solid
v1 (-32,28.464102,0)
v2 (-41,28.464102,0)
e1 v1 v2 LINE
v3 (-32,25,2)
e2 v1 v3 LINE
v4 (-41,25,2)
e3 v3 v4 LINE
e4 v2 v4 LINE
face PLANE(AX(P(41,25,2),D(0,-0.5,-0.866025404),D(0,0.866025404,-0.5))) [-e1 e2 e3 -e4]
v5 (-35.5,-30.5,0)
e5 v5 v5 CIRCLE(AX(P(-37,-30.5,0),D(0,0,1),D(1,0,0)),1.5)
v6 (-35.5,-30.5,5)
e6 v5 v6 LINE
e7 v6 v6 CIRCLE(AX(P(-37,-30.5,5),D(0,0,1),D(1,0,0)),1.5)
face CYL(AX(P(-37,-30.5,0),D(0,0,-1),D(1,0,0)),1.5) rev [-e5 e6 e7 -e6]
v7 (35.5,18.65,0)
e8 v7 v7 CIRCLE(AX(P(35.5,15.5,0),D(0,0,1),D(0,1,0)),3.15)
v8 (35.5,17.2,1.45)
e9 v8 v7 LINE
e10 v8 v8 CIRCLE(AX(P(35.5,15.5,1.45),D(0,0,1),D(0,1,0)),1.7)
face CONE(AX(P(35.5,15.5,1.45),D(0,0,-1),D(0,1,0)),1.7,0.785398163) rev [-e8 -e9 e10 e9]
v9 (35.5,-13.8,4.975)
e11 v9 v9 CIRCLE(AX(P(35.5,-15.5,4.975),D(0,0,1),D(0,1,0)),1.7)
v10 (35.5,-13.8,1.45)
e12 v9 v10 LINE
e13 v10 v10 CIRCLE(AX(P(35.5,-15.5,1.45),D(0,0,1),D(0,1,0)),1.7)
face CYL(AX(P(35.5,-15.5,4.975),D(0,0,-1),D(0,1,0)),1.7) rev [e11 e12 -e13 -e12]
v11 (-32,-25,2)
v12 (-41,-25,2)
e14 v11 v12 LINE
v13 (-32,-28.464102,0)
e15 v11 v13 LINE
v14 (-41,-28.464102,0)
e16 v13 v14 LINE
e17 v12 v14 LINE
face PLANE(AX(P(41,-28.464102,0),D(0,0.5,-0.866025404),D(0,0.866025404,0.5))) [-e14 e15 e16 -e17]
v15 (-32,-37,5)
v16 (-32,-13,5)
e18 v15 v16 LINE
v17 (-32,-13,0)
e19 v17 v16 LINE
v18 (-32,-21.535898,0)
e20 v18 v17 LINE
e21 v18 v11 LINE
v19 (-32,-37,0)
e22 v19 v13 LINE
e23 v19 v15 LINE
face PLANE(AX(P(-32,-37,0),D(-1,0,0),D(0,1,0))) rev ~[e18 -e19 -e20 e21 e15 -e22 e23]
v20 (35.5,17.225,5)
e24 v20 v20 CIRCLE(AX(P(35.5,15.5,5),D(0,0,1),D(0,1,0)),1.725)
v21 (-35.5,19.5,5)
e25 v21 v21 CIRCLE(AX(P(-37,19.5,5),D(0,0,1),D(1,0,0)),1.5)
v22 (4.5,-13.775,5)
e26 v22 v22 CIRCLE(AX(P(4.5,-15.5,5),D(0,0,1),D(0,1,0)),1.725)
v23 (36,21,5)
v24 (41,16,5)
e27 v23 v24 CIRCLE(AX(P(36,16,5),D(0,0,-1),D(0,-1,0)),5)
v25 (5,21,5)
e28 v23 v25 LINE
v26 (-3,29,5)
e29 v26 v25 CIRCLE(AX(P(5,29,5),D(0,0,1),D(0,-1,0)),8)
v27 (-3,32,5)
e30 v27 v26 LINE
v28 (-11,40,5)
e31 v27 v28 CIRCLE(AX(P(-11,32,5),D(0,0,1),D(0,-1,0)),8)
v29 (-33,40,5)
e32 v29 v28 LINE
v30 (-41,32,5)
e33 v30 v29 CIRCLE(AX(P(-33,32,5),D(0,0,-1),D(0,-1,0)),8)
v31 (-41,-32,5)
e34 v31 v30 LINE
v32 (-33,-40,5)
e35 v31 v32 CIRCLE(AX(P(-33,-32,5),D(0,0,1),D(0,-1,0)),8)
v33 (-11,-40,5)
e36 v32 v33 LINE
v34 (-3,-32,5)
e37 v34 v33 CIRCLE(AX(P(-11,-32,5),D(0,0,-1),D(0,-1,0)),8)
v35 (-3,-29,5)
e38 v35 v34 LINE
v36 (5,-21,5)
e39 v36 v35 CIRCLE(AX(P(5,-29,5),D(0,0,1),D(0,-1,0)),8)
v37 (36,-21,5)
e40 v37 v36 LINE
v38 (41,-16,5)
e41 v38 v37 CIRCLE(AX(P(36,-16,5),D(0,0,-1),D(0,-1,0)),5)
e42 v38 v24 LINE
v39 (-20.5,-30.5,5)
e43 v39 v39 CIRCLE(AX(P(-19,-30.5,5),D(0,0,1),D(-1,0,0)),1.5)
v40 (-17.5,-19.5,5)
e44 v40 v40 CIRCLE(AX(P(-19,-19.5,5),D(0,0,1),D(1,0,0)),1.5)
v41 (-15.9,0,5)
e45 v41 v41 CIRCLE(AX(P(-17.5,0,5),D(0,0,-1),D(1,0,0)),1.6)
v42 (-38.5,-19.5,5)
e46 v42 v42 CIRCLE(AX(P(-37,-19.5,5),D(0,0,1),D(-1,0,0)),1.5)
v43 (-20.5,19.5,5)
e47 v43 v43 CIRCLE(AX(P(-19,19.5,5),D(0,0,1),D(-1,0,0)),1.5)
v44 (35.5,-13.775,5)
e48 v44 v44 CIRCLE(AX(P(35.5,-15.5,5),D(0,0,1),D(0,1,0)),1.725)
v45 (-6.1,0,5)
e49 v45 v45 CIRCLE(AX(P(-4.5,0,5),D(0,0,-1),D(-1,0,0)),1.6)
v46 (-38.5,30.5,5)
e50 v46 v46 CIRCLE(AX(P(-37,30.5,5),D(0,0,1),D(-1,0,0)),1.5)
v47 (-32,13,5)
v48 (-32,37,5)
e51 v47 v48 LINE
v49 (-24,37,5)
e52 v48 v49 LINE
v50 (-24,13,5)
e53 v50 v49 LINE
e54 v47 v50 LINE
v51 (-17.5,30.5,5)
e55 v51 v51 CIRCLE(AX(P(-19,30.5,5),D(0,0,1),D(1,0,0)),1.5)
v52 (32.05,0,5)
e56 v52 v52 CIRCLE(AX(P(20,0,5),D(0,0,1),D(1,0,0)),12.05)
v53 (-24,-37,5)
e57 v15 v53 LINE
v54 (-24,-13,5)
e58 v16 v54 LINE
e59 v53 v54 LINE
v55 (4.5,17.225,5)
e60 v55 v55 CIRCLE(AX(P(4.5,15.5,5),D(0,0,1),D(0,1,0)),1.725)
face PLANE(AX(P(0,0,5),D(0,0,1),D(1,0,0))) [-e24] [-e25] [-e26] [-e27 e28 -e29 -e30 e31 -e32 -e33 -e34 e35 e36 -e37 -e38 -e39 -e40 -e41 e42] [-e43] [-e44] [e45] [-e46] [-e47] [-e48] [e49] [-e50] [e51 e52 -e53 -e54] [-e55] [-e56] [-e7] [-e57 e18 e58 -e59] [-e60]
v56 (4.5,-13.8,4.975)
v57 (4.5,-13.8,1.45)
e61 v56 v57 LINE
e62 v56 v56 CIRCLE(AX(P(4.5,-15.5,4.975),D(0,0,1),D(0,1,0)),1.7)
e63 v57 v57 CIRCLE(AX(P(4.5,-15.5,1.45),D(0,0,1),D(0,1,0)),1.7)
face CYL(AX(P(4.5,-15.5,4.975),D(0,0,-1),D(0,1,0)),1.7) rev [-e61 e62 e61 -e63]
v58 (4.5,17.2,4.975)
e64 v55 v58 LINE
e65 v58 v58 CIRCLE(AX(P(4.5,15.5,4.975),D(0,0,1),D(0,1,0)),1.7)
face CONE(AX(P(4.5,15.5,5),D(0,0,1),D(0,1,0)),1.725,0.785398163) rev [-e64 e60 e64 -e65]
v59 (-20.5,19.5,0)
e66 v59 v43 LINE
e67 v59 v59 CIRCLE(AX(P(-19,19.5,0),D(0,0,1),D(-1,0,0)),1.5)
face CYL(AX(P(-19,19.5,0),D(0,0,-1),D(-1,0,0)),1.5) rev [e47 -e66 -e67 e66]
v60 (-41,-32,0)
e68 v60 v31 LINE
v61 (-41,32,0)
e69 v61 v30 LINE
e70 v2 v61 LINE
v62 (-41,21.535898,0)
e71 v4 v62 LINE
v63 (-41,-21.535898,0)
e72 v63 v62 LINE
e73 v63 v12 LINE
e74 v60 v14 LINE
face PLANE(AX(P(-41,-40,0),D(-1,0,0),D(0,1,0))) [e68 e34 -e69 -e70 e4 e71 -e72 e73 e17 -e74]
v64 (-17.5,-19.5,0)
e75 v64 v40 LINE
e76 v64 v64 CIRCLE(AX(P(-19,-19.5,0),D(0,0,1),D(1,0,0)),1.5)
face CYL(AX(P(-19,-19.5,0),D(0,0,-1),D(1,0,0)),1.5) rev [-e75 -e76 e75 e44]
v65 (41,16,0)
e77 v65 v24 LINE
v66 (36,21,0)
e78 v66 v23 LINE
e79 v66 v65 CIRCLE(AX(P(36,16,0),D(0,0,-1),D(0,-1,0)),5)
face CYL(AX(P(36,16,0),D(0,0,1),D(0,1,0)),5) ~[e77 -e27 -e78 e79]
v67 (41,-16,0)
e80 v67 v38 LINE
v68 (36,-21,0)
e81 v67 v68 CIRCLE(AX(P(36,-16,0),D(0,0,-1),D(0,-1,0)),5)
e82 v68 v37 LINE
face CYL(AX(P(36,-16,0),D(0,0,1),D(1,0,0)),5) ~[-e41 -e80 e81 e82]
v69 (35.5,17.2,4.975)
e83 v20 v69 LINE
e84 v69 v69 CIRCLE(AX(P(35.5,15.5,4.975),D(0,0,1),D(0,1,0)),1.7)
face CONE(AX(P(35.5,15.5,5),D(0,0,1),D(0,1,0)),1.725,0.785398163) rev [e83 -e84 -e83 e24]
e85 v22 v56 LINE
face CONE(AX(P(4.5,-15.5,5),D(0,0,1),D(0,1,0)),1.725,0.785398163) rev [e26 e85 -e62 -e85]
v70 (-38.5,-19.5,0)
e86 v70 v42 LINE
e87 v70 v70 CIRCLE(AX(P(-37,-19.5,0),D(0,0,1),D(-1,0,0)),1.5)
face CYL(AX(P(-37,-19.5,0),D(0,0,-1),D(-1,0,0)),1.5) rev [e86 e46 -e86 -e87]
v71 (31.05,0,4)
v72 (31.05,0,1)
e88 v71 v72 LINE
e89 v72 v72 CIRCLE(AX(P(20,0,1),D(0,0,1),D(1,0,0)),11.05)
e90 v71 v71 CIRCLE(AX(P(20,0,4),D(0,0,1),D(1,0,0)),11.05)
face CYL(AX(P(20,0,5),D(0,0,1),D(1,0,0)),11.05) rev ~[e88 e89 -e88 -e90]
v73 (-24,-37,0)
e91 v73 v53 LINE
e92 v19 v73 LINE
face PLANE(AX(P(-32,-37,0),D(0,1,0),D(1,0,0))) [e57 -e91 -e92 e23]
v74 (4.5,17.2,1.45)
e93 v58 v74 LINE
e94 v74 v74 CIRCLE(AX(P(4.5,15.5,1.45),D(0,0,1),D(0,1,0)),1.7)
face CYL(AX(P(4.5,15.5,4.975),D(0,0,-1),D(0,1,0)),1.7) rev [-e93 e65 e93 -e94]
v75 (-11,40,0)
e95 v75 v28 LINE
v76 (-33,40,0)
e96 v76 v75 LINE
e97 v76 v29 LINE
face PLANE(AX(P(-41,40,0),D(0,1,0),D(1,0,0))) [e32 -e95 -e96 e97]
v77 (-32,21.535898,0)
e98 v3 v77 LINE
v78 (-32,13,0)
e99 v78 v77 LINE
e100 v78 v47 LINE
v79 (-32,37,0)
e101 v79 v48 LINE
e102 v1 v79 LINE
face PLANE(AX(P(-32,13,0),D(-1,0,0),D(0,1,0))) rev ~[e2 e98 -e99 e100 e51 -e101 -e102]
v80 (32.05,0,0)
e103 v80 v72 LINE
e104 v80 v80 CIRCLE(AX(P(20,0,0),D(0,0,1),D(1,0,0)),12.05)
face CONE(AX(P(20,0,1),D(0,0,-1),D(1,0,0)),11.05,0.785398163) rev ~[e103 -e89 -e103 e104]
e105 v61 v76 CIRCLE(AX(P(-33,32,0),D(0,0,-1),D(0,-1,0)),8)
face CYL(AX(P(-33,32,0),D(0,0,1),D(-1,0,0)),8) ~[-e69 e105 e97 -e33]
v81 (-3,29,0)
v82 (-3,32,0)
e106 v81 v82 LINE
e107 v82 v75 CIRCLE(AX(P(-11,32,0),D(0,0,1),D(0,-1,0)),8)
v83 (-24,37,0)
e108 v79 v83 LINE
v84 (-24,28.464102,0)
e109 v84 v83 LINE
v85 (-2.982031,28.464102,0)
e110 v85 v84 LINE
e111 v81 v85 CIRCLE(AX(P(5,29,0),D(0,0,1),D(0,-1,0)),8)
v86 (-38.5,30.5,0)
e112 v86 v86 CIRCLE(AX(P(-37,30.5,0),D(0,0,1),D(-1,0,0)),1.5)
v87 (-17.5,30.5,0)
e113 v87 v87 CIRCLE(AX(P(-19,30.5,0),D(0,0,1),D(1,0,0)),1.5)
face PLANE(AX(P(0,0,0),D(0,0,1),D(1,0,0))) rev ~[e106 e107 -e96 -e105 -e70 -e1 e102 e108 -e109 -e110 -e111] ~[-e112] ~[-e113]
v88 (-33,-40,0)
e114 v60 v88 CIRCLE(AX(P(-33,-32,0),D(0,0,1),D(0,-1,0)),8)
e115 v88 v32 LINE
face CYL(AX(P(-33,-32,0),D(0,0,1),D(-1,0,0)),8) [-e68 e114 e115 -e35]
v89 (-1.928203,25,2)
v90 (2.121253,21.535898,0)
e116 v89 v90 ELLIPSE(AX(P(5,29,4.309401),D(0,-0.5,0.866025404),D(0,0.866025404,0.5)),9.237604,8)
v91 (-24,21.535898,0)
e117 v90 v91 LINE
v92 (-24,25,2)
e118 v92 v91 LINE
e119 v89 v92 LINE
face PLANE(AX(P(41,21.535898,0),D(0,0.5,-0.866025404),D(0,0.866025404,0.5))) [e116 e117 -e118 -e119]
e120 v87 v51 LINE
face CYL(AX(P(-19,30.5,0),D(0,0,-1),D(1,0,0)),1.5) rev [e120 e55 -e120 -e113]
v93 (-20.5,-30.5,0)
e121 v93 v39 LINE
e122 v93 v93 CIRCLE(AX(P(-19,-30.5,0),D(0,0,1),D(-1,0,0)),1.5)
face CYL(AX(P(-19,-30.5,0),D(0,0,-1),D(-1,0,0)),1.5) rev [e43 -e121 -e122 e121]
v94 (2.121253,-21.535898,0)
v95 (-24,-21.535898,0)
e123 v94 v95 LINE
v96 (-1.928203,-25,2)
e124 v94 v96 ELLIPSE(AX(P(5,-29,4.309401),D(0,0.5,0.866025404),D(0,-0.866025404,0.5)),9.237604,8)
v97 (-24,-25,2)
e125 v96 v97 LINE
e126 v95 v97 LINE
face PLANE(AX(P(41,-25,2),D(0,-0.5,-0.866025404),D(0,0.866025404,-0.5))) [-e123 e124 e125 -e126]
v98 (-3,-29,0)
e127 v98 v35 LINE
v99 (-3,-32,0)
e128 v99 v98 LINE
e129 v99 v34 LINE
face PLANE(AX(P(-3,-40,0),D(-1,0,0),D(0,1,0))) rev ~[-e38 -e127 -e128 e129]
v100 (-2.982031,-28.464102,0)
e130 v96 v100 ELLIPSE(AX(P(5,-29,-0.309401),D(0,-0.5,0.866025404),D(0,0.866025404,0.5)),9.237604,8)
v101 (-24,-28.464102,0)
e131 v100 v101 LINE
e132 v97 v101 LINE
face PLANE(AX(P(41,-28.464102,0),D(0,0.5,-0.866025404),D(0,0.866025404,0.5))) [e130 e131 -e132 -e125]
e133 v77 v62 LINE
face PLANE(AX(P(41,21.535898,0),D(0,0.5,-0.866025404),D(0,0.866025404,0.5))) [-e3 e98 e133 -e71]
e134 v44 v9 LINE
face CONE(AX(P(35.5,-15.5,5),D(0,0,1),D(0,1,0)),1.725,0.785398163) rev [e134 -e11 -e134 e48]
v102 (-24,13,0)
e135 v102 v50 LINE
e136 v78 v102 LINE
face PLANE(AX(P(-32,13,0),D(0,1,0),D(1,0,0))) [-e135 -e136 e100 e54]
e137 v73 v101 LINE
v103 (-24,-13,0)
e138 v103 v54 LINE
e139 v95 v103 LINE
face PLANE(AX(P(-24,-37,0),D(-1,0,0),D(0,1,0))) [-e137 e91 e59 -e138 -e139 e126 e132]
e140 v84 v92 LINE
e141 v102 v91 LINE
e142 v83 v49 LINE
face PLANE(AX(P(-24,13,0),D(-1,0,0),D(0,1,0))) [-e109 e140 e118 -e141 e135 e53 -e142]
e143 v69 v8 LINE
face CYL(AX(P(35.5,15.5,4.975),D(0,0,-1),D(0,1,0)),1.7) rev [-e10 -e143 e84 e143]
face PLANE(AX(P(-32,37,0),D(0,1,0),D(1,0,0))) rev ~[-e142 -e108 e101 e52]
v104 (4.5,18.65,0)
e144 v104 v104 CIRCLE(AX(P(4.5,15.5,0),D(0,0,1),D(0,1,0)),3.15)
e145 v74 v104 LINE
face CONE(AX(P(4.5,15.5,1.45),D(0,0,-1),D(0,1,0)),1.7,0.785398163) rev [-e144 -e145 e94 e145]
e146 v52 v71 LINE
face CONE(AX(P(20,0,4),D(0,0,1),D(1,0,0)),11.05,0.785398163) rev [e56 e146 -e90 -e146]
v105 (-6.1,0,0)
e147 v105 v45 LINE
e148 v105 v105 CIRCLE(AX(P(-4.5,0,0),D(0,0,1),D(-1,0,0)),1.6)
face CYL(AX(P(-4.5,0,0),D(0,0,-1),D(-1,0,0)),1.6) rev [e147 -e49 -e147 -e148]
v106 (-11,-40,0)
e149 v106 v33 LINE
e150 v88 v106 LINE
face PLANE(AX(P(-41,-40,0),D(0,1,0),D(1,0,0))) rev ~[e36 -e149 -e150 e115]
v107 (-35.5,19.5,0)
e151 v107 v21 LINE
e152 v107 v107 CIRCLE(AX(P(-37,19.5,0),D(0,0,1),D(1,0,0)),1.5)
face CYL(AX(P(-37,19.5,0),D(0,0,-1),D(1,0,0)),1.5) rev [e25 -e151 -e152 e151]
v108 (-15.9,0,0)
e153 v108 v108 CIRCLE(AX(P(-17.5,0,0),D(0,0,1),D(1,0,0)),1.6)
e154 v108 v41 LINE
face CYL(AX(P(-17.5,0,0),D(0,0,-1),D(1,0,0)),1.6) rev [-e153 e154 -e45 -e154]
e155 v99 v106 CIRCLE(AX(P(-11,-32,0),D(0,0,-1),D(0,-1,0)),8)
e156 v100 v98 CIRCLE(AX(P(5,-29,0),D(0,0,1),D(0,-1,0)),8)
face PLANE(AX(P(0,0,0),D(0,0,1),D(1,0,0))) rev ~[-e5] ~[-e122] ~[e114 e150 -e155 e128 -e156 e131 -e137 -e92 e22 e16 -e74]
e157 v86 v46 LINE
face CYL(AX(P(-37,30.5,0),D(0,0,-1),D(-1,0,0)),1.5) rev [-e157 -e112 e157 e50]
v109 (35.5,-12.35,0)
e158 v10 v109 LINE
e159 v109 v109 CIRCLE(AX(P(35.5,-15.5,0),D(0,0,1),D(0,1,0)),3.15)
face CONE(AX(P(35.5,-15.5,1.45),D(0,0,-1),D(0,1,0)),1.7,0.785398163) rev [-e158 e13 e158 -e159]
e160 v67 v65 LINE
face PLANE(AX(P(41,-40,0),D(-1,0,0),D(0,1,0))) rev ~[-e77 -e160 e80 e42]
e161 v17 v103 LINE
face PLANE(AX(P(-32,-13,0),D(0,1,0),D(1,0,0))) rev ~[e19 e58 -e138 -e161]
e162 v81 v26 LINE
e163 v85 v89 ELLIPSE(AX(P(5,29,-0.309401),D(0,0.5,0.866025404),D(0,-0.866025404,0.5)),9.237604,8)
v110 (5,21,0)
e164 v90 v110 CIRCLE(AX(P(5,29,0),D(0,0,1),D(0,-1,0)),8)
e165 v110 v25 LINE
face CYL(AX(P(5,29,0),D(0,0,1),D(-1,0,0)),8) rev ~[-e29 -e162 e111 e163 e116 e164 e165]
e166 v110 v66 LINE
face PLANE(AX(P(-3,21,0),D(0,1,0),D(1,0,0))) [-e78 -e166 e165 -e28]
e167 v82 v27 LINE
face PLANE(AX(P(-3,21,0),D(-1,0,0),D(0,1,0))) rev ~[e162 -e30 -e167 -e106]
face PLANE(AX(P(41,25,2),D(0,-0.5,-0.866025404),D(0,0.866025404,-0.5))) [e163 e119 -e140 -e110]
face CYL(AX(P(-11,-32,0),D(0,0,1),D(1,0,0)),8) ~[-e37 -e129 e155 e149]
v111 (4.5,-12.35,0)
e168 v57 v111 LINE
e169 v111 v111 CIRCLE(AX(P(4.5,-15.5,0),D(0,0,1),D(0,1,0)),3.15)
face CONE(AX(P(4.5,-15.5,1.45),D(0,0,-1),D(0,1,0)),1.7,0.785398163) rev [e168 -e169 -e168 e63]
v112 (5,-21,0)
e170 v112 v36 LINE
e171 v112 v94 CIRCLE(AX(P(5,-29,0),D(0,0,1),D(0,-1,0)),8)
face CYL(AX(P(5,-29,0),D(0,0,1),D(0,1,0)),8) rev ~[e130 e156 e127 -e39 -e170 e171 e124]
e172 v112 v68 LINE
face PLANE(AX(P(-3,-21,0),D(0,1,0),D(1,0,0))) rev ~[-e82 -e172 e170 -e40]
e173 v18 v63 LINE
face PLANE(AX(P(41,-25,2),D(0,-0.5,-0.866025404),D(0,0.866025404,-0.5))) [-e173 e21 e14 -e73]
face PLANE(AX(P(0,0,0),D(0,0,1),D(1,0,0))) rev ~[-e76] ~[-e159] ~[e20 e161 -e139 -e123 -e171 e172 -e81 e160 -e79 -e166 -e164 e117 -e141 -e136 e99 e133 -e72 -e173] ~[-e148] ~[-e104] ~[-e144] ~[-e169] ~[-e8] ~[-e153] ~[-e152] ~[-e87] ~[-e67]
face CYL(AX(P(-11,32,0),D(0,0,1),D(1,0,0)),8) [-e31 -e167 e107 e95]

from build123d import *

# Parameters (mm, degrees)
ESBO_O1_W                                    = 82
ESBO_O1_H                                    = 80
ESBO_O1_R                                    = 1.5
ESBO_O1_W_2                                  = 8
ESBO_O1_H_2                                  = 24
RESSALTO_EXTRUS_O1_DEPTH                     = 5
CORTE_EXTRUS_O1_DEPTH                        = 92.372862492
ESCAREADO_PARA_PARAFUSO_COM_CABE_A_E_2_COUNT = 2
ESCAREADO_PARA_PARAFUSO_COM_CABE_A_E_2_PITCH = 31
ESCAREADO_PARA_PARAFUSO_COM_CABE_A_E_3_COUNT = 2
ESCAREADO_PARA_PARAFUSO_COM_CABE_A_E_3_PITCH = 43.840620434
ESCAREADO_PARA_PARAFUSO_COM_CABE_A_E_4_COUNT = 2
ESCAREADO_PARA_PARAFUSO_COM_CABE_A_E_4_PITCH = 31
ESBO_O5_R                                    = 11.05
CORTE_EXTRUS_O2_DEPTH                        = 58.497826046
CHANFRO1_SIZE                                = 1
ESBO_O6_W                                    = 44
ESBO_O6_H                                    = 19
CORTE_EXTRUS_O3_DEPTH                        = 10
FILETE1_R                                    = 8
FILETE2_R                                    = 5
ESBO_O7_R                                    = 1.6
CORTE_EXTRUS_O5_DEPTH                        = 58.497826046


with BuildPart() as part:
    # Esboço1 → Ressalto-extrusão1 (new body)
    with BuildSketch(Plane.XY):
        Rectangle(ESBO_O1_W, ESBO_O1_H)
        with Locations((-37, 19.5)):
            Circle(ESBO_O1_R, mode=Mode.SUBTRACT)
        with Locations(Location((-37, -19.5, 0), (0, 0, 180))):
            Circle(ESBO_O1_R, mode=Mode.SUBTRACT)
        with Locations((-19, -19.5)):
            Circle(ESBO_O1_R, mode=Mode.SUBTRACT)
        with Locations(Location((-19, 19.5, 0), (0, 0, 180))):
            Circle(ESBO_O1_R, mode=Mode.SUBTRACT)
        with Locations((-19, 30.5)):
            Circle(ESBO_O1_R, mode=Mode.SUBTRACT)
        with Locations(Location((-37, 30.5, 0), (0, 0, 180))):
            Circle(ESBO_O1_R, mode=Mode.SUBTRACT)
        with Locations((-37, -30.5)):
            Circle(ESBO_O1_R, mode=Mode.SUBTRACT)
        with Locations(Location((-19, -30.5, 0), (0, 0, 180))):
            Circle(ESBO_O1_R, mode=Mode.SUBTRACT)
        with Locations((-28, 25)):
            Rectangle(ESBO_O1_W_2, ESBO_O1_H_2, mode=Mode.SUBTRACT)
        with Locations((-28, -25)):
            Rectangle(ESBO_O1_W_2, ESBO_O1_H_2, mode=Mode.SUBTRACT)
    extrude(amount=RESSALTO_EXTRUS_O1_DEPTH)

    # Esboço2 → Corte-extrusão1 (cut, through all)
    with BuildSketch(Plane(origin=(41, 0, 0), x_dir=(0, 0, -1), z_dir=(1, 0, 0))):
        Polygon((-2, 25), (0, 28.464101615), (0, 21.535898385), align=None)
        Polygon((-2, -25), (0, -21.535898385), (0, -28.464101615), align=None)
    extrude(amount=-CORTE_EXTRUS_O1_DEPTH, mode=Mode.SUBTRACT)

    # Esboço3 → Escareado para parafuso com cabeça escareada elevada de M31 (revolve, cut)
    with BuildSketch(Plane(origin=(35.5, 15.5, 0), x_dir=(0, 1, 0), z_dir=(1, 0, 0))):
        Polygon((0, 0), (0, 5), (1.725, 5), (1.7, 4.975), (1.7, 1.45), (3.15, 0), align=None)
    escareado_para_parafuso_com_cabe_a_escar = revolve(axis=Axis((35.5, 15.5, -6.35), (0, 0, 1)), mode=Mode.SUBTRACT)

    # Escareado para parafuso com cabe_a e 2: Escareado para parafuso com cabeça escareada elevada de M31 ×2
    with Locations(*[(-i * ESCAREADO_PARA_PARAFUSO_COM_CABE_A_E_2_PITCH, 0, 0) for i in range(1, ESCAREADO_PARA_PARAFUSO_COM_CABE_A_E_2_COUNT)]):
        add(escareado_para_parafuso_com_cabe_a_escar, mode=Mode.SUBTRACT)

    # Escareado para parafuso com cabe_a e 3: Escareado para parafuso com cabeça escareada elevada de M31 ×2
    with Locations(*[Vector(-0.7071067811865476, -0.7071067811865476, 0) * (i * ESCAREADO_PARA_PARAFUSO_COM_CABE_A_E_3_PITCH) for i in range(1, ESCAREADO_PARA_PARAFUSO_COM_CABE_A_E_3_COUNT)]):
        add(escareado_para_parafuso_com_cabe_a_escar, mode=Mode.SUBTRACT)

    # Escareado para parafuso com cabe_a e 4: Escareado para parafuso com cabeça escareada elevada de M31 ×2
    with Locations(*[(0, -i * ESCAREADO_PARA_PARAFUSO_COM_CABE_A_E_4_PITCH, 0) for i in range(1, ESCAREADO_PARA_PARAFUSO_COM_CABE_A_E_4_COUNT)]):
        add(escareado_para_parafuso_com_cabe_a_escar, mode=Mode.SUBTRACT)

    # Esboço5 → Corte-extrusão2 (cut, through all)
    with BuildSketch(Plane.XY.offset(5)):
        with Locations((20, 0)):
            Circle(ESBO_O5_R)
    extrude(amount=-CORTE_EXTRUS_O2_DEPTH, mode=Mode.SUBTRACT)

    # Chanfro1
    chanfro1_edges = [part.edges().sort_by_distance(p)[0] for p in [
        (8.95, 0, 0),
        (8.95, 0, 5),
    ]]
    chamfer(chanfro1_edges, length=CHANFRO1_SIZE)

    # Esboço6 → Corte-extrusão3 (cut)
    with BuildSketch(Plane.XY):
        with Locations((19, 30.5)):
            Rectangle(ESBO_O6_W, ESBO_O6_H)
        with Locations((19, -30.5)):
            Rectangle(ESBO_O6_W, ESBO_O6_H)
    extrude(amount=CORTE_EXTRUS_O3_DEPTH, mode=Mode.SUBTRACT)

    # Filete1
    filete1_edges = [part.edges().sort_by_distance(p)[0] for p in [
        (-3, 21, 2.5),
        (-3, -21, 2.5),
        (-3, -40, 2.5),
        (-41, -40, 2.5),
        (-41, 40, 2.5),
        (-3, 40, 2.5),
    ]]
    fillet(filete1_edges, radius=FILETE1_R)

    # Filete2
    filete2_edges = [part.edges().sort_by_distance(p)[0] for p in [
        (41, 21, 2.5),
        (41, -21, 2.5),
    ]]
    fillet(filete2_edges, radius=FILETE2_R)

    # Esboço7 → Corte-extrusão5 (cut, through all)
    with BuildSketch(Plane.XY):
        with Locations((-17.5, 0)):
            Circle(ESBO_O7_R)
        with Locations(Location((-4.5, 0, 0), (0, 0, 180))):
            Circle(ESBO_O7_R)
    extrude(amount=CORTE_EXTRUS_O5_DEPTH, mode=Mode.SUBTRACT)


solid = part.part
